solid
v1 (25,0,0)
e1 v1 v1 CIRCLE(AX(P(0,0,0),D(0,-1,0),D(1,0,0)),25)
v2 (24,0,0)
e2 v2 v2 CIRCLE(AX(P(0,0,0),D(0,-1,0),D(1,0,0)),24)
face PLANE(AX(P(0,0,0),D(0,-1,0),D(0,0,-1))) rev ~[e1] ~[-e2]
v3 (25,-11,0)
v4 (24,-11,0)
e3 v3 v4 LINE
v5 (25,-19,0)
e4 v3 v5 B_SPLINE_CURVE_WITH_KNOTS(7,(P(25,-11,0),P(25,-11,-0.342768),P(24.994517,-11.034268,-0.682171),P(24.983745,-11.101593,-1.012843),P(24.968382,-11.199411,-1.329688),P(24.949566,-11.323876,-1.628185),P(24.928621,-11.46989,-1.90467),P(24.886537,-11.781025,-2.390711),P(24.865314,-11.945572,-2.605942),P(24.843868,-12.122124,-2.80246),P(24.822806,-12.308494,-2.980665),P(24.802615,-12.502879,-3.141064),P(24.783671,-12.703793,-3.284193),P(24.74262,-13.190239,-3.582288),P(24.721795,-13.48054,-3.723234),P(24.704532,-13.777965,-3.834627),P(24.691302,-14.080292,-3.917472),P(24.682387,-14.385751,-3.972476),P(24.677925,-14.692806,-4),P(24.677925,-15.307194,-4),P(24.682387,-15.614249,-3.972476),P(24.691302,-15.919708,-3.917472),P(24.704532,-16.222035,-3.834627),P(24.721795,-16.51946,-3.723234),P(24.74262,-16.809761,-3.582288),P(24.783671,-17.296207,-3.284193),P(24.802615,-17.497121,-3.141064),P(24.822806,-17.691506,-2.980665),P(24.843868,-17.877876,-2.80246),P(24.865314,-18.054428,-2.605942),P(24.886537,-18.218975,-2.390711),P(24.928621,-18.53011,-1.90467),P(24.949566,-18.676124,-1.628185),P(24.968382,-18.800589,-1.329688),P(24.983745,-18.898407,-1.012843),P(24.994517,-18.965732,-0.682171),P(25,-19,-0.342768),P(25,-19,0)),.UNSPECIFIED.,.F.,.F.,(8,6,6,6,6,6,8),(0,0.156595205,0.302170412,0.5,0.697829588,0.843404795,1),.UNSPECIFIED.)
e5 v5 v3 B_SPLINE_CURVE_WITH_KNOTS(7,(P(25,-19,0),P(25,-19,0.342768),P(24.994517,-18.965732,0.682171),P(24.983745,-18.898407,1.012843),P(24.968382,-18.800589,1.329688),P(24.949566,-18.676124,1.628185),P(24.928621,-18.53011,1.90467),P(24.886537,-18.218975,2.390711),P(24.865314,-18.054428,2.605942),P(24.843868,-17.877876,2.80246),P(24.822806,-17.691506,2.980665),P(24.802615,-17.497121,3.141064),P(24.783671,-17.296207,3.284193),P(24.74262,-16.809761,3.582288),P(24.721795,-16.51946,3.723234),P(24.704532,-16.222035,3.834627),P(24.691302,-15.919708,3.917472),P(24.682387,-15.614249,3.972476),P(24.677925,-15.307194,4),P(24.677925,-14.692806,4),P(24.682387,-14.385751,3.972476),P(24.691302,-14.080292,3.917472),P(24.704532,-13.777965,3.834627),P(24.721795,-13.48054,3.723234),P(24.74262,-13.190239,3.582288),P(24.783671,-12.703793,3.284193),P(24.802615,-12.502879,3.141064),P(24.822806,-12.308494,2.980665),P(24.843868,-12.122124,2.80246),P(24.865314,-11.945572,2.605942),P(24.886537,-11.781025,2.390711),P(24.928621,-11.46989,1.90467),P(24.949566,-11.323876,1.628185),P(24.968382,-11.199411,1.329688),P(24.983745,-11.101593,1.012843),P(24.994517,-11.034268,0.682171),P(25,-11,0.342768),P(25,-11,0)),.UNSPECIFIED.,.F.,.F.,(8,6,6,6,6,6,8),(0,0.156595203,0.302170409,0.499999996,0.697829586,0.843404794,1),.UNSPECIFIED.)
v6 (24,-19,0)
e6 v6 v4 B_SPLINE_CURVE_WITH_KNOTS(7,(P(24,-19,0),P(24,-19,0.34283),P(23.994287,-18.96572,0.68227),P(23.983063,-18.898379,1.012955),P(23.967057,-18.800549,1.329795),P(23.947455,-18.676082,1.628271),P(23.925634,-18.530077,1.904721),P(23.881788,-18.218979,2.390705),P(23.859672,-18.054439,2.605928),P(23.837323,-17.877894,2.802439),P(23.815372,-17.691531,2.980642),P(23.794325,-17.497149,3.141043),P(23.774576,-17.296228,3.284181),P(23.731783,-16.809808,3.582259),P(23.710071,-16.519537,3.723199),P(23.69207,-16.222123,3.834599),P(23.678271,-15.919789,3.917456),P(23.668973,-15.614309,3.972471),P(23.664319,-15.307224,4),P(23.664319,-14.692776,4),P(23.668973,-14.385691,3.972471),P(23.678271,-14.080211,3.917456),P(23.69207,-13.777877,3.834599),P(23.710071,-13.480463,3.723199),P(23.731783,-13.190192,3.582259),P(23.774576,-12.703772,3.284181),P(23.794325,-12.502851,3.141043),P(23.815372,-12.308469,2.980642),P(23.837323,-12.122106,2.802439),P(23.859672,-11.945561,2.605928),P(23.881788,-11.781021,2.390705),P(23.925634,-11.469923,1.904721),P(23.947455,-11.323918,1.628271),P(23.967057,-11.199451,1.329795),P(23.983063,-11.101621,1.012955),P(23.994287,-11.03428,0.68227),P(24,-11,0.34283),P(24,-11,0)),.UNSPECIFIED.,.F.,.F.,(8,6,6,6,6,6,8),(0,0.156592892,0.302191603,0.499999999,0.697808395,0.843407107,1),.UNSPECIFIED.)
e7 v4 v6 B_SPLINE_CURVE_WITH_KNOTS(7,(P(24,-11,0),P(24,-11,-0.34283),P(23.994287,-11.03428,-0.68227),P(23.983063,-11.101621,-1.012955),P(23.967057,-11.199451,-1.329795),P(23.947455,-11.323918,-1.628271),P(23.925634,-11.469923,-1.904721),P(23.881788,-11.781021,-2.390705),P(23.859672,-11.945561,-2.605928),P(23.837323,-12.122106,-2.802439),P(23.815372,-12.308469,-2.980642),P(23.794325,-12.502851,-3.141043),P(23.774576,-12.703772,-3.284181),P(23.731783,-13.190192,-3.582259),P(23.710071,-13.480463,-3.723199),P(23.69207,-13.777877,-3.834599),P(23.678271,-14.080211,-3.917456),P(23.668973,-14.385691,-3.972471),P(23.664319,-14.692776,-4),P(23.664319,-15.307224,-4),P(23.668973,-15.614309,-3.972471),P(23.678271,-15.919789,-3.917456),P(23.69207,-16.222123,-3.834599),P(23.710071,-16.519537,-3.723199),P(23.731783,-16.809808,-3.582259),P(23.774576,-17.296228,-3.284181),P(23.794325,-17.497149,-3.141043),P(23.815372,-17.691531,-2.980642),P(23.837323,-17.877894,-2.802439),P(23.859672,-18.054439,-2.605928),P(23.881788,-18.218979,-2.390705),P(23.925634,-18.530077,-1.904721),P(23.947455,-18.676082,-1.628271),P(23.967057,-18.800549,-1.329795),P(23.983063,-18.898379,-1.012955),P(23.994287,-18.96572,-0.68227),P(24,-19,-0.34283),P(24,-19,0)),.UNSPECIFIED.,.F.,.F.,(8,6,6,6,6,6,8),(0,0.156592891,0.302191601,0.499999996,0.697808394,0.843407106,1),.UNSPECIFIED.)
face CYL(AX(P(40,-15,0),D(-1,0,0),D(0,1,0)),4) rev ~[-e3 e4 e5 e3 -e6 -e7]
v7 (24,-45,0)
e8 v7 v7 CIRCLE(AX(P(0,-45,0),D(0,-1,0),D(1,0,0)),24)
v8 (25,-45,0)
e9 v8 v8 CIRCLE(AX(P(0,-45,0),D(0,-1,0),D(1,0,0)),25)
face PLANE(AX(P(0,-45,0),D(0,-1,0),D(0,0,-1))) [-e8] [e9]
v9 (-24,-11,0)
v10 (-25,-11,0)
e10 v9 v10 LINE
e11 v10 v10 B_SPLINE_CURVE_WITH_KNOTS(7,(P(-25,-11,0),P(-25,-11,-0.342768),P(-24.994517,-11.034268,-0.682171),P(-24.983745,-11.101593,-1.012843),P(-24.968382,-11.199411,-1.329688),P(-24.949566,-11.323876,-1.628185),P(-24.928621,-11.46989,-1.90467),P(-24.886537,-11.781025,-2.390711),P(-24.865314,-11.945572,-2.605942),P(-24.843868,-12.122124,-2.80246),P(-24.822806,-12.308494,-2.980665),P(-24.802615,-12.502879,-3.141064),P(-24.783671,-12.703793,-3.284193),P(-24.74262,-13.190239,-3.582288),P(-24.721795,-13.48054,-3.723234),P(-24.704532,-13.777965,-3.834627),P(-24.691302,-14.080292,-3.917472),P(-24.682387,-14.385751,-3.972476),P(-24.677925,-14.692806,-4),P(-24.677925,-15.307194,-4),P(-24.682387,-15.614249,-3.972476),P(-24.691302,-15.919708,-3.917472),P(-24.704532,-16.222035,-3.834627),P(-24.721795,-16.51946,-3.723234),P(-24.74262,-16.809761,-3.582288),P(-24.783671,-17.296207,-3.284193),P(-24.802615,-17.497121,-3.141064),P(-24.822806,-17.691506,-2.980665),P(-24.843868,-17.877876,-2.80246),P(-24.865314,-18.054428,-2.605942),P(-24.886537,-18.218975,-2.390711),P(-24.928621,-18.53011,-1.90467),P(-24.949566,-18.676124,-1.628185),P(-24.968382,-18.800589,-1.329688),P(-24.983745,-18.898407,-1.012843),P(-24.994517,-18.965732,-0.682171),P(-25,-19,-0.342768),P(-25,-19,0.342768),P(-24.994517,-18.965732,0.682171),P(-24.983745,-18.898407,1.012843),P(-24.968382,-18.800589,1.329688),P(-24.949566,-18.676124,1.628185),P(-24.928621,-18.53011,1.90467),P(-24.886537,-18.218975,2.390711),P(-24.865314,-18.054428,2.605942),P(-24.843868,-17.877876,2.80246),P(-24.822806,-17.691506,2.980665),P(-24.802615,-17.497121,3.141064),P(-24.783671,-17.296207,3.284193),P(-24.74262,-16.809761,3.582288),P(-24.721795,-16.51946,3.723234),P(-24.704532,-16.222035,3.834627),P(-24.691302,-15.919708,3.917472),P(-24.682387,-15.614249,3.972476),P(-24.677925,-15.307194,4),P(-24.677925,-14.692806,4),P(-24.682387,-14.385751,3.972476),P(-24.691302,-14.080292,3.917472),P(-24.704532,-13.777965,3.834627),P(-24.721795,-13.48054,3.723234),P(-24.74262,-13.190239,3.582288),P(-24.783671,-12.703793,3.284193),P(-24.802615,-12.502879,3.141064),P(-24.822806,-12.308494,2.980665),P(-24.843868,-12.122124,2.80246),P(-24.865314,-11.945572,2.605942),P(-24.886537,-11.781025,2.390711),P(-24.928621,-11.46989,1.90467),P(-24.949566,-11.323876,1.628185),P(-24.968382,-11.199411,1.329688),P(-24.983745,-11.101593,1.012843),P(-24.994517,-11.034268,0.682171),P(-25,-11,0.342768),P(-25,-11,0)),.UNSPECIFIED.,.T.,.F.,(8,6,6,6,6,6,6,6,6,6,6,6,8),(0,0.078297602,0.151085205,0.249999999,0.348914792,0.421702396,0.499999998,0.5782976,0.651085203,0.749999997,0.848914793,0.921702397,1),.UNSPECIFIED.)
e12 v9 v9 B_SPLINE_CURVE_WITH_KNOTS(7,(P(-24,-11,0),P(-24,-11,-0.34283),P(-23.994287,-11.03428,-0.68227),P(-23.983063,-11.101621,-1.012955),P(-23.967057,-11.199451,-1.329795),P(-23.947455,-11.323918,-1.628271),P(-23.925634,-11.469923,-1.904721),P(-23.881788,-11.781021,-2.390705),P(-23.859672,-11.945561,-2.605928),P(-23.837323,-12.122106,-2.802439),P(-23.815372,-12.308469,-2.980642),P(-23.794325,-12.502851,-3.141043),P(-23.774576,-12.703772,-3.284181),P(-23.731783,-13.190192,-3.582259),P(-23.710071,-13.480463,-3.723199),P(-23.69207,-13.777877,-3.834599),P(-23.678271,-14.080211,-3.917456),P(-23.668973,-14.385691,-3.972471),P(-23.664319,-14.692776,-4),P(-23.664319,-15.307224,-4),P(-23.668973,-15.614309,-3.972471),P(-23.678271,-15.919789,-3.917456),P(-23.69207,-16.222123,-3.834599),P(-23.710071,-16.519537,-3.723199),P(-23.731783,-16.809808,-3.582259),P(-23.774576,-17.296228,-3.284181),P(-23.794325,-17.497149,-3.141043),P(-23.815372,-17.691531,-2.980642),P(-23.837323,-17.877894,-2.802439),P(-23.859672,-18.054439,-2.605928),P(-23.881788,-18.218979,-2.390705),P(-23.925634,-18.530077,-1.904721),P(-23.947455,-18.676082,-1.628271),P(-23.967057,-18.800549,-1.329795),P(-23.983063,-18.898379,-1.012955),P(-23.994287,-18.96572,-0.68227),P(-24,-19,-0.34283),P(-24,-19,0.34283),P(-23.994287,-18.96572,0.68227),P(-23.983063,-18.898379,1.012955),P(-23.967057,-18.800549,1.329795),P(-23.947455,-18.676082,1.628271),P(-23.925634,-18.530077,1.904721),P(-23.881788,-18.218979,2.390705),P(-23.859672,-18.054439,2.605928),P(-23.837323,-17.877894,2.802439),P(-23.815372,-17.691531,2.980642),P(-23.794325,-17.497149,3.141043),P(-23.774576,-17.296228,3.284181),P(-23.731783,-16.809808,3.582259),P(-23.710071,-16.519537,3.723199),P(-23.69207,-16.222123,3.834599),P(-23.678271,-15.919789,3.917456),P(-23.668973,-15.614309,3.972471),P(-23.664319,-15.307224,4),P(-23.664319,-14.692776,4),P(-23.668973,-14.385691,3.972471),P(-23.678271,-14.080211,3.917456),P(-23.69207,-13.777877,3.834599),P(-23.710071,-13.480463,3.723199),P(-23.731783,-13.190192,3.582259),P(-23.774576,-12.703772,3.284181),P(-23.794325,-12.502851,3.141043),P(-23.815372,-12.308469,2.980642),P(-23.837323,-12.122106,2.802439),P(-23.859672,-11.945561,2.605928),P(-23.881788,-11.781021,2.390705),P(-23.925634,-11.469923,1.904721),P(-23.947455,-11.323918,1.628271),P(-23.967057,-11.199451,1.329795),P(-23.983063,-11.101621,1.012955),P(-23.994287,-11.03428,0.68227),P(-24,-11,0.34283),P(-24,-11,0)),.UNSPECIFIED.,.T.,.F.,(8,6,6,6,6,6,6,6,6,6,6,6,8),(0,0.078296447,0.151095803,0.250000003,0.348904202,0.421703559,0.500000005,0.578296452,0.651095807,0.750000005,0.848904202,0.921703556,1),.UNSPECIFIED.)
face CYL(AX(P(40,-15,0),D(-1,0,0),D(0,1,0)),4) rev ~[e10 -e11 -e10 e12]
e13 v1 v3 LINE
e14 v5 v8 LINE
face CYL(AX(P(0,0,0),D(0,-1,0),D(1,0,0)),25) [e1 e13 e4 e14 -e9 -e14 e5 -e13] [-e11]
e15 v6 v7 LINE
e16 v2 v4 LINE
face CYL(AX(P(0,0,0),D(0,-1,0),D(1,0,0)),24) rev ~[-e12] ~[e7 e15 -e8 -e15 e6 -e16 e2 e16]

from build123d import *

# Parameters (mm, degrees)
F0_R   = 25
F0_R_2 = 24
F3_R   = 4


with BuildPart() as f2:
    # F2: sweep along a path in F1
    with BuildLine(Plane.YZ) as f2_path:
        Line((0, 0), (-45, 0))
    # F0 (on Front) → F2 (sweep)
    with BuildSketch(Plane.XZ):
        Circle(F0_R)
        Circle(F0_R_2, mode=Mode.SUBTRACT)
    sweep(path=f2_path.line)

    # F5: sweep along a path in F4
    with BuildLine(Plane.XY) as f5_path:
        Line((40, -15), (-40, -15))
    # F3 (on Right) → F5 (sweep, cut)
    with BuildSketch(Plane.YZ):
        with Locations((-15, 0)):
            Circle(F3_R)
    sweep(path=f5_path.line, mode=Mode.SUBTRACT)


solid = f2.part
